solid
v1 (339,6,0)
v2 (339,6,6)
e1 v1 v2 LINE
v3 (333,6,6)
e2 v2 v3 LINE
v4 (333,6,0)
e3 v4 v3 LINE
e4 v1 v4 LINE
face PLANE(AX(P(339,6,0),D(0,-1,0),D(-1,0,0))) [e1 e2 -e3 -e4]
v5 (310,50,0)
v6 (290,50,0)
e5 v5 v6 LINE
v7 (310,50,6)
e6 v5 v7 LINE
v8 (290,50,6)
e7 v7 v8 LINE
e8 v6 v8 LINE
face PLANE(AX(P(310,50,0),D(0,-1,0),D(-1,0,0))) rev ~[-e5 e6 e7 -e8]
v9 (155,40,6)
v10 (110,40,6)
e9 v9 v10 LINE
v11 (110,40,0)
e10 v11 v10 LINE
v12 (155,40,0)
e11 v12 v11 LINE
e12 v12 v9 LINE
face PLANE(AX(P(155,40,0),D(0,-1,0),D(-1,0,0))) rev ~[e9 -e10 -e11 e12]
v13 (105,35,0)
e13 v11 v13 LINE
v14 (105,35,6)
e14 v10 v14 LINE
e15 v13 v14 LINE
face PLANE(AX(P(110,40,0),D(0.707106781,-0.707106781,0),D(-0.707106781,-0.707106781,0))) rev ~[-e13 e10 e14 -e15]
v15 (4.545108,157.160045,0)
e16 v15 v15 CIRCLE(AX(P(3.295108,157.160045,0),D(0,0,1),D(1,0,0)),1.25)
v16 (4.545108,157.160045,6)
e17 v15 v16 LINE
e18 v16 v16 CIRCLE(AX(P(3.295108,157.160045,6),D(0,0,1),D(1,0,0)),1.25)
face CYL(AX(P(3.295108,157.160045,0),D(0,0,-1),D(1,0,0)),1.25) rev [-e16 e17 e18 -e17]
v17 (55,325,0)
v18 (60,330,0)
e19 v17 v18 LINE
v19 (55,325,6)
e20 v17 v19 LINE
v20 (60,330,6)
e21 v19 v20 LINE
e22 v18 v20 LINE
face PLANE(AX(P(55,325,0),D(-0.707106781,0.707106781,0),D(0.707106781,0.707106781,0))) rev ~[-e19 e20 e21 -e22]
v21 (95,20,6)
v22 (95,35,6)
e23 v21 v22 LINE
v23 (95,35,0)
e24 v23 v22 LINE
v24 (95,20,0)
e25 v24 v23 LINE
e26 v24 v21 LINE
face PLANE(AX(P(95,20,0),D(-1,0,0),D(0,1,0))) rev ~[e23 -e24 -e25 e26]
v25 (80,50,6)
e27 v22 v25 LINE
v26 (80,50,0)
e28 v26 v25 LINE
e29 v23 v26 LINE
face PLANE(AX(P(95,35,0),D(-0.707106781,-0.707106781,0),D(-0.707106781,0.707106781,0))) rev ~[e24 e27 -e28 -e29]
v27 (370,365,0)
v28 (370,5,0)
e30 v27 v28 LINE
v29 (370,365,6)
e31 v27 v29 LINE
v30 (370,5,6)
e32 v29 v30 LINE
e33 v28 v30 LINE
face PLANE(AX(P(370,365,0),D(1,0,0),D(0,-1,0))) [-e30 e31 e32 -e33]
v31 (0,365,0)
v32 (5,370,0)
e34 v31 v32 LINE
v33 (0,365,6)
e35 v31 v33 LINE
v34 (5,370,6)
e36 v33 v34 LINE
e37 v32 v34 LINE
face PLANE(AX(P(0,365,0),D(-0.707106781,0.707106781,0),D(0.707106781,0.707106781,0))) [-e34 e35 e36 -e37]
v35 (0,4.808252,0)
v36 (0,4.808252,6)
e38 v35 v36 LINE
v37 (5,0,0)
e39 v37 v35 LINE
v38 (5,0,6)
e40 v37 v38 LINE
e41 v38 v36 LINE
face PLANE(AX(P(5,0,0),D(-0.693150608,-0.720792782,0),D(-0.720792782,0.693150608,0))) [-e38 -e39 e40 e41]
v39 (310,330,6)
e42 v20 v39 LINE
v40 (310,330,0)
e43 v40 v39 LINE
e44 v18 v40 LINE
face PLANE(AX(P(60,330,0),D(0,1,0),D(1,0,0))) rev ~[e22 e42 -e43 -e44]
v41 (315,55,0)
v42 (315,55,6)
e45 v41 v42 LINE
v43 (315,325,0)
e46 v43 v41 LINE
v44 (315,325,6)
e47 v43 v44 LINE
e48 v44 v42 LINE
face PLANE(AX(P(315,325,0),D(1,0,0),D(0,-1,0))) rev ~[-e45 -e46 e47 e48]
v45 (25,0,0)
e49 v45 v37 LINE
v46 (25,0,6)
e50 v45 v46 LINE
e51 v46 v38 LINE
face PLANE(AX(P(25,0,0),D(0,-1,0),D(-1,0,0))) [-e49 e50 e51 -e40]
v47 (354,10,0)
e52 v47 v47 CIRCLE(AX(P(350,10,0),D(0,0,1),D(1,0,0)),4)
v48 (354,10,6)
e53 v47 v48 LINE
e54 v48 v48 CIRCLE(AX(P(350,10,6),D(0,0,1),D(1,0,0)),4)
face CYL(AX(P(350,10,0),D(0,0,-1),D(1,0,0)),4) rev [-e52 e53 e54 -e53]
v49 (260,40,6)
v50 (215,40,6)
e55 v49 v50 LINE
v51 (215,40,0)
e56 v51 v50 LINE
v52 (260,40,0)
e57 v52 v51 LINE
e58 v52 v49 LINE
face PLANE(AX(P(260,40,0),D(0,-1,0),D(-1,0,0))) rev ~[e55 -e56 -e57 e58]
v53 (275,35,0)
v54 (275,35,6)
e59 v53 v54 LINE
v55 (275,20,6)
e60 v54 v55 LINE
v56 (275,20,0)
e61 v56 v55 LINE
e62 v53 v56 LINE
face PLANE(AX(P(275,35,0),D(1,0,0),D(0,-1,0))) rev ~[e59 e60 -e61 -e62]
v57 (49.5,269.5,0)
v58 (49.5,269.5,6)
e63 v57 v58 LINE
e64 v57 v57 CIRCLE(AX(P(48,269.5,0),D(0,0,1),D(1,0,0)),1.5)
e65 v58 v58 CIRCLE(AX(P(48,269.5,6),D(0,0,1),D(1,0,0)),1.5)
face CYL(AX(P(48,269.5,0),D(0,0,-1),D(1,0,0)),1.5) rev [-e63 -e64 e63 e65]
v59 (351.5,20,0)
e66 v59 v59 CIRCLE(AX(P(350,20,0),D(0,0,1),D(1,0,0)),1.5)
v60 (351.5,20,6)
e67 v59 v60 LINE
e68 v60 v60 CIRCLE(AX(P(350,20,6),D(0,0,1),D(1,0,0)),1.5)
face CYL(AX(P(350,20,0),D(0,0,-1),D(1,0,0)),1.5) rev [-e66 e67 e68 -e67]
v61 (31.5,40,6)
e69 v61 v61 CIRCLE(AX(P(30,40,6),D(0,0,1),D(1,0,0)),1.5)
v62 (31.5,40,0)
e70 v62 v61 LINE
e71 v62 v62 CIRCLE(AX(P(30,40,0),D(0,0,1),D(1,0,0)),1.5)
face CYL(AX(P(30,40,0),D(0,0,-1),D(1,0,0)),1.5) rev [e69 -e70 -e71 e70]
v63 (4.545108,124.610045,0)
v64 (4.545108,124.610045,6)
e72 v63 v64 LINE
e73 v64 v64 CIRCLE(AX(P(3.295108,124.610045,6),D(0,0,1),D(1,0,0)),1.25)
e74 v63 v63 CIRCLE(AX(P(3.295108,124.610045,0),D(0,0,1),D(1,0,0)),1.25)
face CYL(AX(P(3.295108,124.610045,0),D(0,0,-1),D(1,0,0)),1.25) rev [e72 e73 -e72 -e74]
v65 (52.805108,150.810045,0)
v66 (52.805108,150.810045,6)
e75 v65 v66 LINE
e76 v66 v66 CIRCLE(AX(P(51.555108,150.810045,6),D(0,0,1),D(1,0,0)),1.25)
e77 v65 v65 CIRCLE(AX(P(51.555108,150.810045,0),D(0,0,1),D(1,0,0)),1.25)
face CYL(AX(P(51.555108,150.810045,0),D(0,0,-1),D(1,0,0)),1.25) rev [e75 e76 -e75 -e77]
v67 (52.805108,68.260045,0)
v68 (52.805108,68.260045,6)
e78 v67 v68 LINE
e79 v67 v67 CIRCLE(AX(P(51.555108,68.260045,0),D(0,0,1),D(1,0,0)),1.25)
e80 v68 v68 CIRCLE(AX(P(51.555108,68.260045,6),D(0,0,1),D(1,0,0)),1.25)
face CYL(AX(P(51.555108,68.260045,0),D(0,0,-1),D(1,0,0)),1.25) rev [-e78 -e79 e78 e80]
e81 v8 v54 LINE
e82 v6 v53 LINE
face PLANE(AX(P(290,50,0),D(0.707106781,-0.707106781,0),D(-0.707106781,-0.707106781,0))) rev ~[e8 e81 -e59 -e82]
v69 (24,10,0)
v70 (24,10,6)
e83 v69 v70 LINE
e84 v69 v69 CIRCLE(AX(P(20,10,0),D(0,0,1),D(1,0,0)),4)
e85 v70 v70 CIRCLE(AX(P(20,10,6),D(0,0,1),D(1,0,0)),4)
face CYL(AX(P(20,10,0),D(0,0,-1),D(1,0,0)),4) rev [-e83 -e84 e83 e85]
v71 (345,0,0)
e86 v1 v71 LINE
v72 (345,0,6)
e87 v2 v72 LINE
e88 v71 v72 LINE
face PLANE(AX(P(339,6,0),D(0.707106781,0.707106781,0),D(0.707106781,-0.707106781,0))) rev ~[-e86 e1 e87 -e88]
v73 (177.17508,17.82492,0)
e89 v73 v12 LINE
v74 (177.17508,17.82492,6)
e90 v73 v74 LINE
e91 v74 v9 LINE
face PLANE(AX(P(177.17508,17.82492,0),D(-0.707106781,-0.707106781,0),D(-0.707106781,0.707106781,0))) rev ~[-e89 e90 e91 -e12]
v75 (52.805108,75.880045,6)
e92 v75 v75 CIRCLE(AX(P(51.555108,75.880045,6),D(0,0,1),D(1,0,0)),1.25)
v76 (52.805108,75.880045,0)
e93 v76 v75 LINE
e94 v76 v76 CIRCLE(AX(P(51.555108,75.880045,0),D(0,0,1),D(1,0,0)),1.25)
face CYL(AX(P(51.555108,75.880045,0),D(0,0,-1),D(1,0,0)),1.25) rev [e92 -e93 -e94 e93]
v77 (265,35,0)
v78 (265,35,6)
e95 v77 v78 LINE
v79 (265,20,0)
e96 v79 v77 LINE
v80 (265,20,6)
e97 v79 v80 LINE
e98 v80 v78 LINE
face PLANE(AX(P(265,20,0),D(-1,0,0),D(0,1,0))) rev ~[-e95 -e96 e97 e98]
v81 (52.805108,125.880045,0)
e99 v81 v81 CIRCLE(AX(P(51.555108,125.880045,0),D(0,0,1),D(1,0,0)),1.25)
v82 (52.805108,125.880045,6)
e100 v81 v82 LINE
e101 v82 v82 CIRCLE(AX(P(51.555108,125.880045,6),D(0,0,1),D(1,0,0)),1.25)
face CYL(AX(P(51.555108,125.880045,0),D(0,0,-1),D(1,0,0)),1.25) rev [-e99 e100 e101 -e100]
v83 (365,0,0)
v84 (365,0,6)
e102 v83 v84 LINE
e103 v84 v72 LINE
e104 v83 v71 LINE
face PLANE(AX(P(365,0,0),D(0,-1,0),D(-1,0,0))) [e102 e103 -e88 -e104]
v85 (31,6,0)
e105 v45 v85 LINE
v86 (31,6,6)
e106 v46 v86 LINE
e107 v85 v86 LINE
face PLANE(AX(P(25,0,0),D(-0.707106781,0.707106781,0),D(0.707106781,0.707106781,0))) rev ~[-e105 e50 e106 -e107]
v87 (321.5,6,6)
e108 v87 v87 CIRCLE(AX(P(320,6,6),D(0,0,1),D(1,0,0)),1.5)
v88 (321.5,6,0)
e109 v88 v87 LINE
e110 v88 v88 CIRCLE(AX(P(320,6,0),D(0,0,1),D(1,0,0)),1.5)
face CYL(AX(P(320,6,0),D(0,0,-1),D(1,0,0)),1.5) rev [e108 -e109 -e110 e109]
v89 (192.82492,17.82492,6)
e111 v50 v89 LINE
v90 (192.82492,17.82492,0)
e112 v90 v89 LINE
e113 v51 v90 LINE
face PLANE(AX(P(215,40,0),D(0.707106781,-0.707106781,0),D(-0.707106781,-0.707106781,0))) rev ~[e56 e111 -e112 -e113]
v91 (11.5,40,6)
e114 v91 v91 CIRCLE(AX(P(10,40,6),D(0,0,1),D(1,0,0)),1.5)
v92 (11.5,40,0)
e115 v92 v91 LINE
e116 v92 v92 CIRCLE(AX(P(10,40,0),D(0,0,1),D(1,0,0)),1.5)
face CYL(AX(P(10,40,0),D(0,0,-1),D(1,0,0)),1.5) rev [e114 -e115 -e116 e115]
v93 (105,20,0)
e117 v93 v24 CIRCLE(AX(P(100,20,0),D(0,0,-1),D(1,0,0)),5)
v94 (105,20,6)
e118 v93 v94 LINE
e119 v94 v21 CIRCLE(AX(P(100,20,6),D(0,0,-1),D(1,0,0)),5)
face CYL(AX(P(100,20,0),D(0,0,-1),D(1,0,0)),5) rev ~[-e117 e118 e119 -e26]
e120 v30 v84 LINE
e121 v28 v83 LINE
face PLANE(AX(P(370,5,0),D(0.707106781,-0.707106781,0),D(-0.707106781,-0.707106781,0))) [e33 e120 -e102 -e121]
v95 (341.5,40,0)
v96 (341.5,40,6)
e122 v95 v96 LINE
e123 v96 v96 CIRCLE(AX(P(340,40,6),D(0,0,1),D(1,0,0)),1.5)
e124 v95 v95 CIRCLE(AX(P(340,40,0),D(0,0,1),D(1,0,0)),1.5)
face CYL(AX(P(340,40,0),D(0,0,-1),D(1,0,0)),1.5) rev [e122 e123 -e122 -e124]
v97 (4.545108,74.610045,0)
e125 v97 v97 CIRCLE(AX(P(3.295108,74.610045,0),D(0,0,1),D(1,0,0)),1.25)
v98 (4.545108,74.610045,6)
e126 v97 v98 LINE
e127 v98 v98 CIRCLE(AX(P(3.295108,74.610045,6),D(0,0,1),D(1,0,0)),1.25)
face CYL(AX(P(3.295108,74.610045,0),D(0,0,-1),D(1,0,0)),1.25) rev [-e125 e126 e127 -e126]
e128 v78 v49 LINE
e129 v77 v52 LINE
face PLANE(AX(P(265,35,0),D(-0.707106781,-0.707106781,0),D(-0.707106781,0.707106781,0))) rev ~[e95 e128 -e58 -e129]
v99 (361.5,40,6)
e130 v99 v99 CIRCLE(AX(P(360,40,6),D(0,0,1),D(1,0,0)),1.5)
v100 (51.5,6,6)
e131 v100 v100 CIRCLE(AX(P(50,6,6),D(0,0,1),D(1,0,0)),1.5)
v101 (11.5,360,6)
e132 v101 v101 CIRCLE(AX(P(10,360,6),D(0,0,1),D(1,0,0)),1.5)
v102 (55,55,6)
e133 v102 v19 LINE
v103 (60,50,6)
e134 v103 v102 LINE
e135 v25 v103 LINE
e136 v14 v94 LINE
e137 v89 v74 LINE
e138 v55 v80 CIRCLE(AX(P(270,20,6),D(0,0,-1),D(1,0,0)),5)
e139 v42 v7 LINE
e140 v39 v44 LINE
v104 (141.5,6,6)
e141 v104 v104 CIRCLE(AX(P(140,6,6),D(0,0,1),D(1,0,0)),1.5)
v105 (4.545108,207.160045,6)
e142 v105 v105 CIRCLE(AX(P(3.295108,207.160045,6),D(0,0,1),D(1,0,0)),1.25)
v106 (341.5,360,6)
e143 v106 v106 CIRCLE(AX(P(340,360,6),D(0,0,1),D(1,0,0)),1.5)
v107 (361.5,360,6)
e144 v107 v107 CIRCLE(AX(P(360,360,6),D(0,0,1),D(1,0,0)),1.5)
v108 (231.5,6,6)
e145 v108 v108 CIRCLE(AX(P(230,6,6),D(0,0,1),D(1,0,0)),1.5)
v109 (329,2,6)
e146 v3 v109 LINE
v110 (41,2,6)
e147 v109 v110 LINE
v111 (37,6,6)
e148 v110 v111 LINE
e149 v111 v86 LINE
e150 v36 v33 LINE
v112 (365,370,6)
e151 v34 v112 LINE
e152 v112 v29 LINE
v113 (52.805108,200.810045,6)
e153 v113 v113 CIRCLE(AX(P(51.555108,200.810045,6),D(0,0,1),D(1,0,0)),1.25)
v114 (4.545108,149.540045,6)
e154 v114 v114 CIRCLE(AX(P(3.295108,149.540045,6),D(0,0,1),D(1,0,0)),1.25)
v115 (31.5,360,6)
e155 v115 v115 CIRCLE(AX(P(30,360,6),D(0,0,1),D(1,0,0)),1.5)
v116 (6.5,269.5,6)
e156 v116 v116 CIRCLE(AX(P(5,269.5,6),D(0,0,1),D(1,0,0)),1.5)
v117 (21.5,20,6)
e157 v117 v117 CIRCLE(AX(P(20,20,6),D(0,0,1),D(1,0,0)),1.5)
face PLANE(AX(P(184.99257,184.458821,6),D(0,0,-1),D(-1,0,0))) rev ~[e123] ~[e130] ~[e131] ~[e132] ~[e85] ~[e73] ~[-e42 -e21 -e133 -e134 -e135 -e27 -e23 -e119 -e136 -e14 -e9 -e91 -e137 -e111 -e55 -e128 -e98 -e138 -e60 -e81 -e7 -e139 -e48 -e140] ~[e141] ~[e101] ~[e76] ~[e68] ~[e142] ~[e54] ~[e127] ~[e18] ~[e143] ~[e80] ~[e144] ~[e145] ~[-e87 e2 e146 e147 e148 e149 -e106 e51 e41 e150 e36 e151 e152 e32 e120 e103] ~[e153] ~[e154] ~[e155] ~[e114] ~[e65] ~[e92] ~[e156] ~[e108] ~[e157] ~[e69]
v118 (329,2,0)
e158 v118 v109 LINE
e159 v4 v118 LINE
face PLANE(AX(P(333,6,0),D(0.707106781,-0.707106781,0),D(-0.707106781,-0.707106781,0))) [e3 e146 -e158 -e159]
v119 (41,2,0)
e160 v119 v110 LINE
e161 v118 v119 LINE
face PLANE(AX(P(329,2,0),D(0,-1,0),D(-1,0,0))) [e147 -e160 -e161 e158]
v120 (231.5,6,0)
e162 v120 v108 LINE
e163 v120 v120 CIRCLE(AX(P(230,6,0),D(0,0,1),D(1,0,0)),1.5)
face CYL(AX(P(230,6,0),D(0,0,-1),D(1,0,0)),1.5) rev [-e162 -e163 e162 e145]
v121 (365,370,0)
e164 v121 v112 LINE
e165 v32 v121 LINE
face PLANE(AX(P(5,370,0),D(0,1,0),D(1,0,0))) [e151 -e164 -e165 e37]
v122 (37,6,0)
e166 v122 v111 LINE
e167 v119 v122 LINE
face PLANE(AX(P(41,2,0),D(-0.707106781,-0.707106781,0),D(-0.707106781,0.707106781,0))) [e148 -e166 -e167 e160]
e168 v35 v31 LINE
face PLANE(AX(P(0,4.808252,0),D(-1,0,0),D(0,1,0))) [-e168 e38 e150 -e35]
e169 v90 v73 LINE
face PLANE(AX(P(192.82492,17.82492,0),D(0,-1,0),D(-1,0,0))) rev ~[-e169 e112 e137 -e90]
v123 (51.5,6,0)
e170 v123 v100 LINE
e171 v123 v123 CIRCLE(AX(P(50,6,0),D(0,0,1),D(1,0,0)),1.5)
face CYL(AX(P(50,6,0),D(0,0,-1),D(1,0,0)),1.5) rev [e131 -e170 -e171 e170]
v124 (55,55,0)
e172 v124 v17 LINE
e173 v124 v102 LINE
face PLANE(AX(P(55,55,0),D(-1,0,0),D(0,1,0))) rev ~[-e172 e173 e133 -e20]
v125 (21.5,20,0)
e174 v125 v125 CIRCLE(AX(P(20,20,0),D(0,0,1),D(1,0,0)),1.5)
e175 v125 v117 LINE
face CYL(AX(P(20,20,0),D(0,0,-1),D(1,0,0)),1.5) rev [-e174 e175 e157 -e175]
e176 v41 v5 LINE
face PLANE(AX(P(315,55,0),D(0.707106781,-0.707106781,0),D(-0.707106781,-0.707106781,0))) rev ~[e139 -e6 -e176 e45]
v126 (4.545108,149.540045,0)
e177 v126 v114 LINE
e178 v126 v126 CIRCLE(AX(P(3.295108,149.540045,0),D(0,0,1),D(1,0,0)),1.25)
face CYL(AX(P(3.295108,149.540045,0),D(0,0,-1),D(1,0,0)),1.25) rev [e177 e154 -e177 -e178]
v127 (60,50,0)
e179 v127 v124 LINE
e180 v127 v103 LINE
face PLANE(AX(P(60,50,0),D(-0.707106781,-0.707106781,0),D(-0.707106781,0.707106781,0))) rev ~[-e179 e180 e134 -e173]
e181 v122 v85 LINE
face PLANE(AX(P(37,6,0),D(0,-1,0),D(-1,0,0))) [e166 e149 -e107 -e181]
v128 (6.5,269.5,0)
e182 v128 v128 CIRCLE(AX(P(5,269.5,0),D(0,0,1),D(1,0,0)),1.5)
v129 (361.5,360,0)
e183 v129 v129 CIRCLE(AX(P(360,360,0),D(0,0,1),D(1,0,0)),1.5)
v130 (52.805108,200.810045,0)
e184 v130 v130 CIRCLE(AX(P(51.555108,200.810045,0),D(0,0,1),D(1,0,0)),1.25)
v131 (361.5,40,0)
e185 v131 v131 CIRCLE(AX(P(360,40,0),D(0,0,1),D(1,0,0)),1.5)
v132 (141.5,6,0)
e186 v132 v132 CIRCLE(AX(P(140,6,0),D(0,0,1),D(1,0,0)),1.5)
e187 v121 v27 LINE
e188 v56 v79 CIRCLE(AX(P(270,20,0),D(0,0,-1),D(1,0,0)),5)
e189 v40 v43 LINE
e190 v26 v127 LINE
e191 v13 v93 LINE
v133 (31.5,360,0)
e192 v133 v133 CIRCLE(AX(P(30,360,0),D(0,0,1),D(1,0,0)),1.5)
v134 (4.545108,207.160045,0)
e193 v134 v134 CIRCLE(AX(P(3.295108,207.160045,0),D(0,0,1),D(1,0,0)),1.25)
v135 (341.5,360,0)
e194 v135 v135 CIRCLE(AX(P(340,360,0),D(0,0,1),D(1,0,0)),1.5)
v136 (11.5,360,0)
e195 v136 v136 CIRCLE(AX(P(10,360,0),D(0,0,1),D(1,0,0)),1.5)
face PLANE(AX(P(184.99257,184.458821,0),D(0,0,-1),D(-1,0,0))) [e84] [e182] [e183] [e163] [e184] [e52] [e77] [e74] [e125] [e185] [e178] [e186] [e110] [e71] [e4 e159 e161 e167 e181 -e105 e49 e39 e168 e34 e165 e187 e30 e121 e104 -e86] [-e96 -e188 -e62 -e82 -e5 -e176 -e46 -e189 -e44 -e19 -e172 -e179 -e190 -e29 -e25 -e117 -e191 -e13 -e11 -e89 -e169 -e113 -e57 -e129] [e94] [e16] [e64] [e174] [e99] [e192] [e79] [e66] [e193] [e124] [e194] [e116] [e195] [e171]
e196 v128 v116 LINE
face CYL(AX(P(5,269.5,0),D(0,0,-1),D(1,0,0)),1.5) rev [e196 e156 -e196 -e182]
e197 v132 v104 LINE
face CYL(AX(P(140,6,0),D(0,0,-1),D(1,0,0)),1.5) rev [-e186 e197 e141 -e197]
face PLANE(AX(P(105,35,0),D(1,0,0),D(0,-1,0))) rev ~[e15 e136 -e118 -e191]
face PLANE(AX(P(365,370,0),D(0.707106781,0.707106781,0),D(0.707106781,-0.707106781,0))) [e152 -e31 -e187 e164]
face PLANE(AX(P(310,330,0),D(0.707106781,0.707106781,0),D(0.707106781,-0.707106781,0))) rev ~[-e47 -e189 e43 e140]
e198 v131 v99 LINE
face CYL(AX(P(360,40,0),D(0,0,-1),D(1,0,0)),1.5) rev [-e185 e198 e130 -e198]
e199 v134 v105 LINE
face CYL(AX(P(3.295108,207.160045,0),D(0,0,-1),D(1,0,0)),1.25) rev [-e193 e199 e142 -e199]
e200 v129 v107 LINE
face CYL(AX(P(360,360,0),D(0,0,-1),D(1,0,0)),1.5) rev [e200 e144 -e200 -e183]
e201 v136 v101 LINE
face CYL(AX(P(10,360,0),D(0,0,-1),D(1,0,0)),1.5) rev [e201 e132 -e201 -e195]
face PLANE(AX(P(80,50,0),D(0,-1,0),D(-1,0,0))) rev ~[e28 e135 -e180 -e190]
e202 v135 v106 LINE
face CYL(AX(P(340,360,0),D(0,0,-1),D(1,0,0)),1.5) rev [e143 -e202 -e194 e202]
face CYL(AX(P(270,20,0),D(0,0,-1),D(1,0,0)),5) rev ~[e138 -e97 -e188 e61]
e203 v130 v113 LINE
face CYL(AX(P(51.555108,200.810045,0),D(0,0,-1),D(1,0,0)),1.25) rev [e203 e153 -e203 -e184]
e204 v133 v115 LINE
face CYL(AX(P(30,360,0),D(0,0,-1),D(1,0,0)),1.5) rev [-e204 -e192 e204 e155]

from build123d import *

# Parameters (mm, degrees)
FRAME_R             = 1.25
FRAME_R_2           = 1.5
FRAME_R_3           = 4
BOSS_EXTRUDE1_DEPTH = 6


with BuildPart() as part:
    # FRAME → Boss-Extrude1 (new body)
    with BuildSketch(Plane.XY):
        Polygon((0, 4.808251585), (0, 365), (5, 370), (365, 370), (370, 365), (370, 5), (365, 0), (345, 0), (343, 2), (339, 6), (333, 6), (329, 2), (41, 2), (37, 6), (31, 6), (27, 2), (25, 0), (5, 0), align=None)
        with Locations((3.295108055, 74.610044833)):
            Circle(FRAME_R, mode=Mode.SUBTRACT)
        with Locations((51.555108055, 150.810044833)):
            Circle(FRAME_R, mode=Mode.SUBTRACT)
        with Locations((3.295108055, 157.160044833)):
            Circle(FRAME_R, mode=Mode.SUBTRACT)
        with Locations((3.295108055, 149.540044833)):
            Circle(FRAME_R, mode=Mode.SUBTRACT)
        with Locations((3.295108055, 124.610044833)):
            Circle(FRAME_R, mode=Mode.SUBTRACT)
        with Locations((51.555108055, 125.880044833)):
            Circle(FRAME_R, mode=Mode.SUBTRACT)
        with Locations((51.555108055, 200.810044833)):
            Circle(FRAME_R, mode=Mode.SUBTRACT)
        with Locations((3.295108055, 207.160044833)):
            Circle(FRAME_R, mode=Mode.SUBTRACT)
        with Locations((50, 6)):
            Circle(FRAME_R_2, mode=Mode.SUBTRACT)
        with Locations((320, 6)):
            Circle(FRAME_R_2, mode=Mode.SUBTRACT)
        with Locations((230, 6)):
            Circle(FRAME_R_2, mode=Mode.SUBTRACT)
        with Locations((140, 6)):
            Circle(FRAME_R_2, mode=Mode.SUBTRACT)
        with Locations((20, 10)):
            Circle(FRAME_R_3, mode=Mode.SUBTRACT)
        with Locations((350, 10)):
            Circle(FRAME_R_3, mode=Mode.SUBTRACT)
        with Locations((10, 40)):
            Circle(FRAME_R_2, mode=Mode.SUBTRACT)
        with Locations((30, 40)):
            Circle(FRAME_R_2, mode=Mode.SUBTRACT)
        with Locations((20, 20)):
            Circle(FRAME_R_2, mode=Mode.SUBTRACT)
        with Locations((350, 20)):
            Circle(FRAME_R_2, mode=Mode.SUBTRACT)
        with Locations((340, 40)):
            Circle(FRAME_R_2, mode=Mode.SUBTRACT)
        with Locations((360, 40)):
            Circle(FRAME_R_2, mode=Mode.SUBTRACT)
        with Locations((360, 360)):
            Circle(FRAME_R_2, mode=Mode.SUBTRACT)
        with Locations((340, 360)):
            Circle(FRAME_R_2, mode=Mode.SUBTRACT)
        with Locations((10, 360)):
            Circle(FRAME_R_2, mode=Mode.SUBTRACT)
        with Locations((30, 360)):
            Circle(FRAME_R_2, mode=Mode.SUBTRACT)
        with Locations((51.555108055, 75.880044833)):
            Circle(FRAME_R, mode=Mode.SUBTRACT)
        with Locations((51.555108055, 68.260044833)):
            Circle(FRAME_R, mode=Mode.SUBTRACT)
        with Locations((5, 269.5)):
            Circle(FRAME_R_2, mode=Mode.SUBTRACT)
        with Locations((48, 269.5)):
            Circle(FRAME_R_2, mode=Mode.SUBTRACT)
        with BuildLine():
            Line((95, 20), (95, 35))
            Line((95, 35), (80, 50))
            Line((80, 50), (60, 50))
            Line((60, 50), (55, 55))
            Line((55, 55), (55, 325))
            Line((55, 325), (60, 330))
            Line((60, 330), (310, 330))
            Line((310, 330), (315, 325))
            Line((315, 325), (315, 55))
            Line((315, 55), (310, 50))
            Line((310, 50), (290, 50))
            Line((290, 50), (275, 35))
            Line((275, 35), (275, 20))
            ThreePointArc((275, 20), (270, 15), (265, 20))
            Line((265, 20), (265, 35))
            Line((265, 35), (260, 40))
            Line((260, 40), (215, 40))
            Line((215, 40), (192.824919816, 17.824919816))
            Line((192.824919816, 17.824919816), (177.175080184, 17.824919816))
            Line((177.175080184, 17.824919816), (155, 40))
            Line((155, 40), (110, 40))
            Line((110, 40), (105, 35))
            Line((105, 35), (105, 20))
            ThreePointArc((105, 20), (100, 15), (95, 20))
        make_face(mode=Mode.SUBTRACT)
    extrude(amount=BOSS_EXTRUDE1_DEPTH)


solid = part.part
